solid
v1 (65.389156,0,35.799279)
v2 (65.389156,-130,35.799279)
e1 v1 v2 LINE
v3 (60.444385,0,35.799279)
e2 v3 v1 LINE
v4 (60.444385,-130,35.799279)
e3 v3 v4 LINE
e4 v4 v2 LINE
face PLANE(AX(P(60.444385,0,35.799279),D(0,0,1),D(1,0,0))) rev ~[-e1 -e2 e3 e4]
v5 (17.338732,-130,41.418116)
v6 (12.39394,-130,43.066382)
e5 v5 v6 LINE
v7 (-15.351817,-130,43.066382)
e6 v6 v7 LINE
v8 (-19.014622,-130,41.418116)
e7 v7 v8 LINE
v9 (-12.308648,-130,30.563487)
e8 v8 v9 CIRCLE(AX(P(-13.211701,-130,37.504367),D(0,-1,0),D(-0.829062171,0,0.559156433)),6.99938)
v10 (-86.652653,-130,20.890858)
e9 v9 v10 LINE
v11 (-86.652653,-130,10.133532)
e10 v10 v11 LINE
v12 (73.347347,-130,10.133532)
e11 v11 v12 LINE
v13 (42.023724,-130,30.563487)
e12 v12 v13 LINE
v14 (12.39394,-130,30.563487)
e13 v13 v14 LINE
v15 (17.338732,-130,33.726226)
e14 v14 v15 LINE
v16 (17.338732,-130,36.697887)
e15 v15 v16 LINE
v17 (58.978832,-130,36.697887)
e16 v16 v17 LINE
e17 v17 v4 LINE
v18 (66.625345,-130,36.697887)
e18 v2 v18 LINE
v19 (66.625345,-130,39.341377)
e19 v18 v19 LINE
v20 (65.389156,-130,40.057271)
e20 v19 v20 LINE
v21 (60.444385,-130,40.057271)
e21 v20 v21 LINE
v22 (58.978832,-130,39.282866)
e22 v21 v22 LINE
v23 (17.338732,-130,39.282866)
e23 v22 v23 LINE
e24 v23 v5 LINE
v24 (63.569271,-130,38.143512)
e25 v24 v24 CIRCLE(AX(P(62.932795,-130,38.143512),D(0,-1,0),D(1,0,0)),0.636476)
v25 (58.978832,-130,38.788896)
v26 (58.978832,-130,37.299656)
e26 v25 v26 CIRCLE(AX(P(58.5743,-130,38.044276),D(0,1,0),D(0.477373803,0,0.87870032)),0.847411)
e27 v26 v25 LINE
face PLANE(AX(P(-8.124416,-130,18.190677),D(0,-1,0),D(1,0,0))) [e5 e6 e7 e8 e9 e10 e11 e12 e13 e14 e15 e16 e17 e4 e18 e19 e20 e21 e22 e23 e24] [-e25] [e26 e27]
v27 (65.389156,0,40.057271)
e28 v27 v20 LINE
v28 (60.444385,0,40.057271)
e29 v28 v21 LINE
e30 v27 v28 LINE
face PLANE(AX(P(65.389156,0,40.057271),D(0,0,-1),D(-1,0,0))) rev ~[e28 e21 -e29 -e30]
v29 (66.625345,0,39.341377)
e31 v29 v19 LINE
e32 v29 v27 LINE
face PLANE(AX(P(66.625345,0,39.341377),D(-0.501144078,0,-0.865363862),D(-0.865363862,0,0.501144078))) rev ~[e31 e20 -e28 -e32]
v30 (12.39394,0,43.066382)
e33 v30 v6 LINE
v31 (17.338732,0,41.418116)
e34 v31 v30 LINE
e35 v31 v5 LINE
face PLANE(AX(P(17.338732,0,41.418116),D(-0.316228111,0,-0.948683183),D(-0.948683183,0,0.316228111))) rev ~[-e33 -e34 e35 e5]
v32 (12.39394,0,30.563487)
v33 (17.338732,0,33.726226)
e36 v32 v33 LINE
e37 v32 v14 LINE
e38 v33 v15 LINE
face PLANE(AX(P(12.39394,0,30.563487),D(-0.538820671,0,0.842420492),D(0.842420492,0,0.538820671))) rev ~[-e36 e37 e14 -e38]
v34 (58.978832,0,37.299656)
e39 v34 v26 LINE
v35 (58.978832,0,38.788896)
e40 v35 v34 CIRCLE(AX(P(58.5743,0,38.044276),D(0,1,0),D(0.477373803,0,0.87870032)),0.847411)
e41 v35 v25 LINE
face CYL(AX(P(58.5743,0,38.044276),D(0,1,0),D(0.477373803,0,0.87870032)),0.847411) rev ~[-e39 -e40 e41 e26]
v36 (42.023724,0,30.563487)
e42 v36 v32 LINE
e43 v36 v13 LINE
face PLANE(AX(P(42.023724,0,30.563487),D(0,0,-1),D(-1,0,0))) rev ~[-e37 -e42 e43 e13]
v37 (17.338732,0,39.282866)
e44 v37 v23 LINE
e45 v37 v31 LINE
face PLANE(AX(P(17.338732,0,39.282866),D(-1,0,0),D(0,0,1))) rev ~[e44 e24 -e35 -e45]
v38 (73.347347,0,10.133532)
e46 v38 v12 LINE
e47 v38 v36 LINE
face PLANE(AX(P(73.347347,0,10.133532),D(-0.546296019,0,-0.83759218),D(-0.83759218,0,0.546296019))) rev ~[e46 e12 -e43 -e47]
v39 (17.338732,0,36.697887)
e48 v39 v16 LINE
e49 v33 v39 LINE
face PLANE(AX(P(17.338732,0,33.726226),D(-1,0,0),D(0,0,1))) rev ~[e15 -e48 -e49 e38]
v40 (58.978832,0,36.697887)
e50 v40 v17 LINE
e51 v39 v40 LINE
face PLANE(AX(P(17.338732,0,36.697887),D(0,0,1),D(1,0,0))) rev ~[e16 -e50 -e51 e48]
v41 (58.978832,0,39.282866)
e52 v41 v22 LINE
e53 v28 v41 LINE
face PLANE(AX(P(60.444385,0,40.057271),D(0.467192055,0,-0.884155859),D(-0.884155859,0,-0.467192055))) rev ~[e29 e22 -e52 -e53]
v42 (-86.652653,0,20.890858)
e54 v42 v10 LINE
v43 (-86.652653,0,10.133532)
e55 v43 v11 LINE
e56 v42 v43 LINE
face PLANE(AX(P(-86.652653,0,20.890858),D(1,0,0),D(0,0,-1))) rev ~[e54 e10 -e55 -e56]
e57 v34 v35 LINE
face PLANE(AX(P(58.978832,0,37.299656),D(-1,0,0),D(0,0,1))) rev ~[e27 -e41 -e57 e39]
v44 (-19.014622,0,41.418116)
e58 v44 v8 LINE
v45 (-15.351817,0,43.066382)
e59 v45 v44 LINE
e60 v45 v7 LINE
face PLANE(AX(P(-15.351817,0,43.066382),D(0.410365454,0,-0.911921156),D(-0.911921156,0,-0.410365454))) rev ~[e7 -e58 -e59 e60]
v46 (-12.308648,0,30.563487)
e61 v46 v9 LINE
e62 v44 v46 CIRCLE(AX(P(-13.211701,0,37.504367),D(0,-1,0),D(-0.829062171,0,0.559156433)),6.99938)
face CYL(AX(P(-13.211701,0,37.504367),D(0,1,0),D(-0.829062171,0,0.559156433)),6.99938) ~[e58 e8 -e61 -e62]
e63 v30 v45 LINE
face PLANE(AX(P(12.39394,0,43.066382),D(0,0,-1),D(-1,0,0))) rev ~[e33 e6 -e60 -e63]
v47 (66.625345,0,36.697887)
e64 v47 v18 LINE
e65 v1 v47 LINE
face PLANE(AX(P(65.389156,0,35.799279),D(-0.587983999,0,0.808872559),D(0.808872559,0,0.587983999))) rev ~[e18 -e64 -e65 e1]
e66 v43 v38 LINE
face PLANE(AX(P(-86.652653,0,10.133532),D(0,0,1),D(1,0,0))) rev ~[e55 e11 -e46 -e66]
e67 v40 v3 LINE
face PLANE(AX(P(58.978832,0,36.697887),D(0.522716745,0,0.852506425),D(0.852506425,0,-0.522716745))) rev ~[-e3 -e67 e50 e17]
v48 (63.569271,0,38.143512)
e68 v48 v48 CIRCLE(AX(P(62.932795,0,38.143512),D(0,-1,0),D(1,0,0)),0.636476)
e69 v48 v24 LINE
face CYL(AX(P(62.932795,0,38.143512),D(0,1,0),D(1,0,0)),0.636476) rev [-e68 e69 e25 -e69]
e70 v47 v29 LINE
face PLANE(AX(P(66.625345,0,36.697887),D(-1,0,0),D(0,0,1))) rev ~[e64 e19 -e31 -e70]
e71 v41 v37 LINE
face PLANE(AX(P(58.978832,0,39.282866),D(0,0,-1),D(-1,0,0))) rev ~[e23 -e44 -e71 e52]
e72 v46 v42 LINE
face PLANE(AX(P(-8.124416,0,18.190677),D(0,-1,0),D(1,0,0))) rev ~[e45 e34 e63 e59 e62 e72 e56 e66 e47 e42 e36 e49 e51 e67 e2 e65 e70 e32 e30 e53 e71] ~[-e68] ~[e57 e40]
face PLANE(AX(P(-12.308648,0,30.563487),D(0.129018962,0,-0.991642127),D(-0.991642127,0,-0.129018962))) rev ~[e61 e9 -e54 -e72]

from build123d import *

# Parameters (mm, degrees)
F0_R     = 0.636476
F1_DEPTH = 130


with BuildPart() as f1:
    # F0 (on Front) → F1 (new body)
    with BuildSketch(Plane.XZ):
        Polygon((-12.308648, 30.563487), (-86.652653, 20.890858), (-86.652653, 10.133532), (73.347347, 10.133532), (42.023724, 30.563487), (12.39394, 30.563487), align=None)
        with BuildLine():
            ThreePointArc((-19.014622, 41.418116), (-19.166356, 33.82559), (-12.308648, 30.563487))
            Line((-12.308648, 30.563487), (12.39394, 30.563487))
            Line((12.39394, 30.563487), (17.338732, 33.726226))
            Line((17.338732, 33.726226), (17.338732, 36.697887))
            Line((17.338732, 36.697887), (17.338732, 39.282866))
            Line((17.338732, 39.282866), (17.338732, 41.418116))
            Line((17.338732, 41.418116), (12.39394, 43.066382))
            Line((12.39394, 43.066382), (-15.351817, 43.066382))
            Line((-15.351817, 43.066382), (-19.014622, 41.418116))
        make_face()
        Polygon((17.338732, 39.282866), (17.338732, 36.697887), (58.978832, 36.697887), (58.978832, 37.299656), (58.978832, 38.788896), (58.978832, 39.282866), align=None)
        with BuildLine():
            Line((58.978832, 37.299656), (58.978832, 36.697887))
            Line((58.978832, 36.697887), (60.444385, 35.799279))
            Line((60.444385, 35.799279), (65.389156, 35.799279))
            Line((65.389156, 35.799279), (66.625345, 36.697887))
            Line((66.625345, 36.697887), (66.625345, 39.341377))
            Line((66.625345, 39.341377), (65.389156, 40.057271))
            Line((65.389156, 40.057271), (60.444385, 40.057271))
            Line((60.444385, 40.057271), (58.978832, 39.282866))
            Line((58.978832, 39.282866), (58.978832, 38.788896))
            ThreePointArc((58.978832, 38.788896), (59.421711, 38.044276), (58.978832, 37.299656))
        make_face()
        with Locations((62.932795, 38.143512)):
            Circle(F0_R, mode=Mode.SUBTRACT)
    extrude(amount=F1_DEPTH)


solid = f1.part
